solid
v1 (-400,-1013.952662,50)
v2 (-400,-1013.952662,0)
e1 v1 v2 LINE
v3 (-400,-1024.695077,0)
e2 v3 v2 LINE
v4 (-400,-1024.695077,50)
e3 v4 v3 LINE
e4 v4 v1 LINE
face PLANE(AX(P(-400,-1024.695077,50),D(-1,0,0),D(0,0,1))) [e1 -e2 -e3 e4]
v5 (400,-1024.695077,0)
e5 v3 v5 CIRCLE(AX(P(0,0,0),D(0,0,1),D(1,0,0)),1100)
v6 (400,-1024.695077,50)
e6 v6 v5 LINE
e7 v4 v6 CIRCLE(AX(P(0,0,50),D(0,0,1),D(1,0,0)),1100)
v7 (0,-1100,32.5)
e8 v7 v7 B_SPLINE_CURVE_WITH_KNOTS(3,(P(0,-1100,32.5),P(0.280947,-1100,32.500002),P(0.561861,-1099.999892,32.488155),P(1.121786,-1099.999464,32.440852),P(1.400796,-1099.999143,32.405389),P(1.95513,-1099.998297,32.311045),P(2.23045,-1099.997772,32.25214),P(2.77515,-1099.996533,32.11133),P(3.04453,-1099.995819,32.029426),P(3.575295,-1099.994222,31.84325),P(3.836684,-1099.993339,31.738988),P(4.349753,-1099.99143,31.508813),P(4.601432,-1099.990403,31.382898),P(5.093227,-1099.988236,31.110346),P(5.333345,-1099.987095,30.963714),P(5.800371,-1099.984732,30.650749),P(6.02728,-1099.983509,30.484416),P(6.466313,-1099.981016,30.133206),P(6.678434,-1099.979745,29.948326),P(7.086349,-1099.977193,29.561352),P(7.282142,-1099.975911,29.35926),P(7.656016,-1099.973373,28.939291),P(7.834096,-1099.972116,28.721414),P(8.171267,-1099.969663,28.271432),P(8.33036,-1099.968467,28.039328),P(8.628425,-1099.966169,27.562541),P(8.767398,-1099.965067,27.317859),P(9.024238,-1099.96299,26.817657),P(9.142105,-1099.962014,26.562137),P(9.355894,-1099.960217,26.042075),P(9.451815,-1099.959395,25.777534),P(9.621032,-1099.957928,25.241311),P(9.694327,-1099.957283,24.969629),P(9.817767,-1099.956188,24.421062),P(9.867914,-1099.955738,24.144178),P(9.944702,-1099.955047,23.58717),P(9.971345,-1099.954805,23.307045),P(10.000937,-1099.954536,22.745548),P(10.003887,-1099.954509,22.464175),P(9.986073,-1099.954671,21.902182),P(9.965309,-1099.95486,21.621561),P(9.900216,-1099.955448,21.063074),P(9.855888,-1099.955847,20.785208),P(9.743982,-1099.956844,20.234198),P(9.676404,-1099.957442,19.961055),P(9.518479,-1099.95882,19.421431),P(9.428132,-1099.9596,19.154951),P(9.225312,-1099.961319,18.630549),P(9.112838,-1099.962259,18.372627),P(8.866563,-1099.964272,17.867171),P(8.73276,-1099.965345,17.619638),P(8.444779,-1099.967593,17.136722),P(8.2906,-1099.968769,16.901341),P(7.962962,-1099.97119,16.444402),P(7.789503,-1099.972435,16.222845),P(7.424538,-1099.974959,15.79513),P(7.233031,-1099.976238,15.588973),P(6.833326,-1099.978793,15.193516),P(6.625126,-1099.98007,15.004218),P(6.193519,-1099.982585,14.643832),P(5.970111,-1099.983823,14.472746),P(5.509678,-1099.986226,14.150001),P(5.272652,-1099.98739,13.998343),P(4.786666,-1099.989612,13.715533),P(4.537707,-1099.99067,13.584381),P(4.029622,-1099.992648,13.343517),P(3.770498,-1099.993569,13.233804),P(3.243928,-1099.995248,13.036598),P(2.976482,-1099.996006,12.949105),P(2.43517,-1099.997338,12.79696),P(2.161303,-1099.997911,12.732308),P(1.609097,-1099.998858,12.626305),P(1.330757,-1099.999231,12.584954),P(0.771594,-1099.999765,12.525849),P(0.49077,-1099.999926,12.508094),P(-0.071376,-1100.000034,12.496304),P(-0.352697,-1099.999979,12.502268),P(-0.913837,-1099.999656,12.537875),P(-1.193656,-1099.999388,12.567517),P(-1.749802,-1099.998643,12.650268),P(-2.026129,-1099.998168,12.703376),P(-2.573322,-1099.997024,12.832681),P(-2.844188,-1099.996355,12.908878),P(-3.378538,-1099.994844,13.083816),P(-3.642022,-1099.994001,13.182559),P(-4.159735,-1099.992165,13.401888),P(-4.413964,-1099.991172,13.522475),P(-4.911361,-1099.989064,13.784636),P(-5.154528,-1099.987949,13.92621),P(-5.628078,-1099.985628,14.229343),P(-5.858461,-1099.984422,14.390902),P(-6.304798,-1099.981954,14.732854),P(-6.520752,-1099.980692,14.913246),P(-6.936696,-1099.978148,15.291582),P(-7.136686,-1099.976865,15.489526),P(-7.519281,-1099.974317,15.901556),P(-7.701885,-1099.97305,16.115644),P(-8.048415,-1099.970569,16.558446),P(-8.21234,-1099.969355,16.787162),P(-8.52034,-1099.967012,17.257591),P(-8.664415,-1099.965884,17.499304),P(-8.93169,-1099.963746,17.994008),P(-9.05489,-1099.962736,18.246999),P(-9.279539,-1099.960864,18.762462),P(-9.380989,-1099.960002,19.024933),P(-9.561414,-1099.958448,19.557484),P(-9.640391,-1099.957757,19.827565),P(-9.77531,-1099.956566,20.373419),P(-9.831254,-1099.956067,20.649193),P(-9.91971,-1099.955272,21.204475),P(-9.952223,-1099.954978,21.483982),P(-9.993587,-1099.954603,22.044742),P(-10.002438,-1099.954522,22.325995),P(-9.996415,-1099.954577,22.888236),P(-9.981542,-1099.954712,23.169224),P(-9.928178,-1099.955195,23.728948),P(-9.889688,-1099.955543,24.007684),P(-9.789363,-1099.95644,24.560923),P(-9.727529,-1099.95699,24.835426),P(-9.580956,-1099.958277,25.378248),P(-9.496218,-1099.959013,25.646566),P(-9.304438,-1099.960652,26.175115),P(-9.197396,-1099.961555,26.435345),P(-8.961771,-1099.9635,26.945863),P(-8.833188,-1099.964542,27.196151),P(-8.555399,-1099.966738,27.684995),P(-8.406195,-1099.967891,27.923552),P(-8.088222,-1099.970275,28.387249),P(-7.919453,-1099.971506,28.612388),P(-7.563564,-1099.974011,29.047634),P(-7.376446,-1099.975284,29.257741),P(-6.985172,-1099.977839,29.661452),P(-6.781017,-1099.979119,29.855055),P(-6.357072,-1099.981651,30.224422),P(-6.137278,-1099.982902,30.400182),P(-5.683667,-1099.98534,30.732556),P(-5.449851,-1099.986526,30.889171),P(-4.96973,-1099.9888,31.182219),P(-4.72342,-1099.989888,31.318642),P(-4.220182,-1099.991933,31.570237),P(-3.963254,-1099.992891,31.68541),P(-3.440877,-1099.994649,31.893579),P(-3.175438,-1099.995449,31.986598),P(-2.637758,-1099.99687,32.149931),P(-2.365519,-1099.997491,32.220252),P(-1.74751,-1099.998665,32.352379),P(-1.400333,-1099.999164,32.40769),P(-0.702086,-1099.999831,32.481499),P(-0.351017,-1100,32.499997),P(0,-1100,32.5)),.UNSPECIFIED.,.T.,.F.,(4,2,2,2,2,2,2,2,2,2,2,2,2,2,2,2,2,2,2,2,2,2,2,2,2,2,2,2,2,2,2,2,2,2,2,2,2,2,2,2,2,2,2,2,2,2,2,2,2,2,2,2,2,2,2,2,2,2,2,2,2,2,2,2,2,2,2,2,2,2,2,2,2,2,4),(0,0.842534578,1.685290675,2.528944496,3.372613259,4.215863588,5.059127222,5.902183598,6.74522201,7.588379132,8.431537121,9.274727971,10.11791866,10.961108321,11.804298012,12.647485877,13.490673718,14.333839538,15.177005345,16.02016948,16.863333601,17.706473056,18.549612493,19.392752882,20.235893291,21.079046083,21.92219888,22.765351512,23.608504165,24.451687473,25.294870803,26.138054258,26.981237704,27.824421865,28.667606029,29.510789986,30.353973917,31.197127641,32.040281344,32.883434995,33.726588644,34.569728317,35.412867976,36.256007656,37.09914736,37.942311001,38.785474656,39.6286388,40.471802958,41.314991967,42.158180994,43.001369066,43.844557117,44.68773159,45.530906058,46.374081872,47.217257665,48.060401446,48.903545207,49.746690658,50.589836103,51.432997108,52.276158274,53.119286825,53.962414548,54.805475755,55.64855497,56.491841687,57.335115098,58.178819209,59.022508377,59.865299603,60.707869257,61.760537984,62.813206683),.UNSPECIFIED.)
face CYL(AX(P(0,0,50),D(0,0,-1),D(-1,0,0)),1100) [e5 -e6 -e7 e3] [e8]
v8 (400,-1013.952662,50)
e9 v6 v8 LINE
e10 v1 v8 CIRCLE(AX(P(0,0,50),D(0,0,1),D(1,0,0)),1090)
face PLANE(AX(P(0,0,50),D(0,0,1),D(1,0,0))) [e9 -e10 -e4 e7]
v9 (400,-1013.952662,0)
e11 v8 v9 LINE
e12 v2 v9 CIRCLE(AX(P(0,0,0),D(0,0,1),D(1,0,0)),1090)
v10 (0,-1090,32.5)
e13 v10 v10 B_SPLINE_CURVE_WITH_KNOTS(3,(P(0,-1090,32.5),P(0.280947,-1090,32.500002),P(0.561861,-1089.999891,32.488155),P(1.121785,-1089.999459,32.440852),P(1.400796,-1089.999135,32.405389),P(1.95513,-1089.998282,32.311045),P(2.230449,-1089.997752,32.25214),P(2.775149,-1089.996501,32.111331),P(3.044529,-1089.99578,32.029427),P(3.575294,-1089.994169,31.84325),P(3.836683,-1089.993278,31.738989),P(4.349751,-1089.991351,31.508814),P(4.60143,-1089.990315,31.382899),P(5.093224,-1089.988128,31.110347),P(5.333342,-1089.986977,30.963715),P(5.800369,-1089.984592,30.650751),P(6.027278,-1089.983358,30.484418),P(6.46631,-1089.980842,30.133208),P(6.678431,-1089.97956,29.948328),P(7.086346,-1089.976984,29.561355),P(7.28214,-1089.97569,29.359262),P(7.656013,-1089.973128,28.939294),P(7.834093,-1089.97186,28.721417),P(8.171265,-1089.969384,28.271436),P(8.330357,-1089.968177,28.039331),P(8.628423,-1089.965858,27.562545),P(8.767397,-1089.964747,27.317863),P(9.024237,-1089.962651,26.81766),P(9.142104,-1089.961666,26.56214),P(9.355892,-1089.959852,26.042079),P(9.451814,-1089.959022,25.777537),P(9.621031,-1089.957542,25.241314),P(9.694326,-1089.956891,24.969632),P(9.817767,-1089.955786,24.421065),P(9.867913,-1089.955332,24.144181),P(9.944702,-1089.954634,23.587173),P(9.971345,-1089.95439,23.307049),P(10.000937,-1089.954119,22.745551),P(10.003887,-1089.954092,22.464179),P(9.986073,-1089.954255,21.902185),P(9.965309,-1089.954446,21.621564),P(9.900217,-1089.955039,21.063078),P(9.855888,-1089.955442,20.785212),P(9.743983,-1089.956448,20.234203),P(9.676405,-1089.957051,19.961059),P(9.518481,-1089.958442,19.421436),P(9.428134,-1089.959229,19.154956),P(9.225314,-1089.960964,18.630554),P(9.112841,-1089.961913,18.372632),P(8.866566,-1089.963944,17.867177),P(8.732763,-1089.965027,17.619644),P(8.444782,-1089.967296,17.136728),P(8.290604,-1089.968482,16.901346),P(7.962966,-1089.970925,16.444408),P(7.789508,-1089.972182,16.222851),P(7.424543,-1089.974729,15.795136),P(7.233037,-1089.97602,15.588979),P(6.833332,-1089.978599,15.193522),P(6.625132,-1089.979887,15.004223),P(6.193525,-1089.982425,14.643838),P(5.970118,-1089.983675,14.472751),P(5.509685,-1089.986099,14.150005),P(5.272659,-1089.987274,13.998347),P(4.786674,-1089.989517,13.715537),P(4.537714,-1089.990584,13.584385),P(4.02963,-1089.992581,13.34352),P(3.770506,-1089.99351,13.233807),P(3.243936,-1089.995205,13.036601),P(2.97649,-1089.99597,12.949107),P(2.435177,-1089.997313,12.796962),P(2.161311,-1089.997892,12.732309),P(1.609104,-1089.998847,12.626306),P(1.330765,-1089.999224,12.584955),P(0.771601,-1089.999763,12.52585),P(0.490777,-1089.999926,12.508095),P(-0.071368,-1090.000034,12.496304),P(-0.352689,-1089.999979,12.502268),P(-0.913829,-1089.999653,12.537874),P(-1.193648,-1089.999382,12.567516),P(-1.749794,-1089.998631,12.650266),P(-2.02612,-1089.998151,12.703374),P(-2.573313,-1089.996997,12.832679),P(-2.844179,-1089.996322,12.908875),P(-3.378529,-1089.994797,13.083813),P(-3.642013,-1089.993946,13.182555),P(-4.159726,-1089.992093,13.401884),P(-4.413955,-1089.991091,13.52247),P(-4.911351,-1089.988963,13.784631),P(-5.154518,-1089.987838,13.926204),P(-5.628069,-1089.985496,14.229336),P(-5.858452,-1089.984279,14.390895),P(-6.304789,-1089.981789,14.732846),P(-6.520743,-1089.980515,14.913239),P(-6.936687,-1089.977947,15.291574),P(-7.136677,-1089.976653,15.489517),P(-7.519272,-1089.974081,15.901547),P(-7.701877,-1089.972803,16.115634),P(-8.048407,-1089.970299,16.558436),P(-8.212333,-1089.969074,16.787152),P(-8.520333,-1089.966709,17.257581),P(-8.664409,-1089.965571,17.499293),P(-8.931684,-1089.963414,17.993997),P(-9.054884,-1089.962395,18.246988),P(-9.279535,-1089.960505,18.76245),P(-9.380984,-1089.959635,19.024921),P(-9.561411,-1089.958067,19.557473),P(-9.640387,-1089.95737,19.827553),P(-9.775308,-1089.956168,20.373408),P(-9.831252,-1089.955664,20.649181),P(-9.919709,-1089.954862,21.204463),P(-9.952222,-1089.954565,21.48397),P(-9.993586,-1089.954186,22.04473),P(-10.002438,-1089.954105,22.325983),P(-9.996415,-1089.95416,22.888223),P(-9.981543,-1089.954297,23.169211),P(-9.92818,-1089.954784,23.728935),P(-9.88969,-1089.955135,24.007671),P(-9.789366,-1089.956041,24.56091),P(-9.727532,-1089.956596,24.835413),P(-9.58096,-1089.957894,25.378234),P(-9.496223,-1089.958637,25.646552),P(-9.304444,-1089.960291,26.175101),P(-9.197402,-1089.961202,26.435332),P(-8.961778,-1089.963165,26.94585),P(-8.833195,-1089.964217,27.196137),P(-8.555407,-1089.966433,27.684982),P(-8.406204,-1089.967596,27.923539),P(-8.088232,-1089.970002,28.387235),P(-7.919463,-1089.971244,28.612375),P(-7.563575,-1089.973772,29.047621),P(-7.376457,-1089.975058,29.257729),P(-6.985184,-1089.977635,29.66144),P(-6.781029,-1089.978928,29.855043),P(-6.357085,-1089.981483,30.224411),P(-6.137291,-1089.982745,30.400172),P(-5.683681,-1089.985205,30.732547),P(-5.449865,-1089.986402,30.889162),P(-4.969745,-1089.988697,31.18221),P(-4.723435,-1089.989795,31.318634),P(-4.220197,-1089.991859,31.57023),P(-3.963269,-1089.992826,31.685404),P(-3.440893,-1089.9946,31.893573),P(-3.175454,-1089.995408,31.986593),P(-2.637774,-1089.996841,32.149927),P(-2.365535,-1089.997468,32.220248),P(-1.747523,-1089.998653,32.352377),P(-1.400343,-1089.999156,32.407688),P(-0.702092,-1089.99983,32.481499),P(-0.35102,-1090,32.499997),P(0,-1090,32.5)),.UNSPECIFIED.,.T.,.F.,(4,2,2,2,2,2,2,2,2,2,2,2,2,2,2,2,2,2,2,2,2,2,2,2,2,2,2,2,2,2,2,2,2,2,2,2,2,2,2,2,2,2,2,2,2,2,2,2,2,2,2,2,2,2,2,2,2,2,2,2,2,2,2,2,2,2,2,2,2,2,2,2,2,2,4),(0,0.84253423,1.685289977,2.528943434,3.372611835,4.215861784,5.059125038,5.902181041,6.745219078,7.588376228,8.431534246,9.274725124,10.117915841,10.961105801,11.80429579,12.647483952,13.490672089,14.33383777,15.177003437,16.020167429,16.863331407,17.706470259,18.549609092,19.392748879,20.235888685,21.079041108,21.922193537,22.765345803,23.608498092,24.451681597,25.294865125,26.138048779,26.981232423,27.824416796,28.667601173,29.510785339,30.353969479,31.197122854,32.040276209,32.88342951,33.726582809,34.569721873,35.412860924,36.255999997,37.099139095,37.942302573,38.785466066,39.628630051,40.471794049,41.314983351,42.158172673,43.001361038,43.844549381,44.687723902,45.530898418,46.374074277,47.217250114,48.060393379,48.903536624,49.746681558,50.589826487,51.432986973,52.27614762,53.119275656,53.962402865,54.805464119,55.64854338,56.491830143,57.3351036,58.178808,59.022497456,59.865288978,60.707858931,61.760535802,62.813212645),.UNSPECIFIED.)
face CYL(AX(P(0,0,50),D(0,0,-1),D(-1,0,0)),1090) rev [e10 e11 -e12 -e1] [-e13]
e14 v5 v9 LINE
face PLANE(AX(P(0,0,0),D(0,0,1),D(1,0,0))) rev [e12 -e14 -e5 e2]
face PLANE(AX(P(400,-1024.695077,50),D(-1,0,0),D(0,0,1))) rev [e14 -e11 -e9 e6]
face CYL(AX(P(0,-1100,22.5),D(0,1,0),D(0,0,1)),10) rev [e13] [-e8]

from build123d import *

# Parameters (mm, degrees)
BOSS_EXTRUDE1_DEPTH = 50
SKETCH3_R           = 10
CUT_EXTRUDE1_DEPTH  = 1172.537451386


with BuildPart() as part:
    # Sketch1 → Boss-Extrude1 (new body)
    with BuildSketch(Plane.XY):
        with BuildLine():
            Line((-400, -1024.695076596), (-400, -1013.952661617))
            ThreePointArc((-400, -1013.952661617), (0, -1090), (400, -1013.952661617))
            Line((400, -1013.952661617), (400, -1024.695076596))
            ThreePointArc((400, -1024.695076596), (0, -1100), (-400, -1024.695076596))
        make_face()
    extrude(amount=BOSS_EXTRUDE1_DEPTH)

    # Sketch3 → Cut-Extrude1 (cut, through all)
    with BuildSketch(Plane(origin=(0, 0, 0), x_dir=(1, 0, 0), z_dir=(0, 1, 0))):
        with Locations(Location((0, -22.5, 0), (0, 0, 270))):
            Circle(SKETCH3_R)
    extrude(amount=-CUT_EXTRUDE1_DEPTH, mode=Mode.SUBTRACT)


solid = part.part
